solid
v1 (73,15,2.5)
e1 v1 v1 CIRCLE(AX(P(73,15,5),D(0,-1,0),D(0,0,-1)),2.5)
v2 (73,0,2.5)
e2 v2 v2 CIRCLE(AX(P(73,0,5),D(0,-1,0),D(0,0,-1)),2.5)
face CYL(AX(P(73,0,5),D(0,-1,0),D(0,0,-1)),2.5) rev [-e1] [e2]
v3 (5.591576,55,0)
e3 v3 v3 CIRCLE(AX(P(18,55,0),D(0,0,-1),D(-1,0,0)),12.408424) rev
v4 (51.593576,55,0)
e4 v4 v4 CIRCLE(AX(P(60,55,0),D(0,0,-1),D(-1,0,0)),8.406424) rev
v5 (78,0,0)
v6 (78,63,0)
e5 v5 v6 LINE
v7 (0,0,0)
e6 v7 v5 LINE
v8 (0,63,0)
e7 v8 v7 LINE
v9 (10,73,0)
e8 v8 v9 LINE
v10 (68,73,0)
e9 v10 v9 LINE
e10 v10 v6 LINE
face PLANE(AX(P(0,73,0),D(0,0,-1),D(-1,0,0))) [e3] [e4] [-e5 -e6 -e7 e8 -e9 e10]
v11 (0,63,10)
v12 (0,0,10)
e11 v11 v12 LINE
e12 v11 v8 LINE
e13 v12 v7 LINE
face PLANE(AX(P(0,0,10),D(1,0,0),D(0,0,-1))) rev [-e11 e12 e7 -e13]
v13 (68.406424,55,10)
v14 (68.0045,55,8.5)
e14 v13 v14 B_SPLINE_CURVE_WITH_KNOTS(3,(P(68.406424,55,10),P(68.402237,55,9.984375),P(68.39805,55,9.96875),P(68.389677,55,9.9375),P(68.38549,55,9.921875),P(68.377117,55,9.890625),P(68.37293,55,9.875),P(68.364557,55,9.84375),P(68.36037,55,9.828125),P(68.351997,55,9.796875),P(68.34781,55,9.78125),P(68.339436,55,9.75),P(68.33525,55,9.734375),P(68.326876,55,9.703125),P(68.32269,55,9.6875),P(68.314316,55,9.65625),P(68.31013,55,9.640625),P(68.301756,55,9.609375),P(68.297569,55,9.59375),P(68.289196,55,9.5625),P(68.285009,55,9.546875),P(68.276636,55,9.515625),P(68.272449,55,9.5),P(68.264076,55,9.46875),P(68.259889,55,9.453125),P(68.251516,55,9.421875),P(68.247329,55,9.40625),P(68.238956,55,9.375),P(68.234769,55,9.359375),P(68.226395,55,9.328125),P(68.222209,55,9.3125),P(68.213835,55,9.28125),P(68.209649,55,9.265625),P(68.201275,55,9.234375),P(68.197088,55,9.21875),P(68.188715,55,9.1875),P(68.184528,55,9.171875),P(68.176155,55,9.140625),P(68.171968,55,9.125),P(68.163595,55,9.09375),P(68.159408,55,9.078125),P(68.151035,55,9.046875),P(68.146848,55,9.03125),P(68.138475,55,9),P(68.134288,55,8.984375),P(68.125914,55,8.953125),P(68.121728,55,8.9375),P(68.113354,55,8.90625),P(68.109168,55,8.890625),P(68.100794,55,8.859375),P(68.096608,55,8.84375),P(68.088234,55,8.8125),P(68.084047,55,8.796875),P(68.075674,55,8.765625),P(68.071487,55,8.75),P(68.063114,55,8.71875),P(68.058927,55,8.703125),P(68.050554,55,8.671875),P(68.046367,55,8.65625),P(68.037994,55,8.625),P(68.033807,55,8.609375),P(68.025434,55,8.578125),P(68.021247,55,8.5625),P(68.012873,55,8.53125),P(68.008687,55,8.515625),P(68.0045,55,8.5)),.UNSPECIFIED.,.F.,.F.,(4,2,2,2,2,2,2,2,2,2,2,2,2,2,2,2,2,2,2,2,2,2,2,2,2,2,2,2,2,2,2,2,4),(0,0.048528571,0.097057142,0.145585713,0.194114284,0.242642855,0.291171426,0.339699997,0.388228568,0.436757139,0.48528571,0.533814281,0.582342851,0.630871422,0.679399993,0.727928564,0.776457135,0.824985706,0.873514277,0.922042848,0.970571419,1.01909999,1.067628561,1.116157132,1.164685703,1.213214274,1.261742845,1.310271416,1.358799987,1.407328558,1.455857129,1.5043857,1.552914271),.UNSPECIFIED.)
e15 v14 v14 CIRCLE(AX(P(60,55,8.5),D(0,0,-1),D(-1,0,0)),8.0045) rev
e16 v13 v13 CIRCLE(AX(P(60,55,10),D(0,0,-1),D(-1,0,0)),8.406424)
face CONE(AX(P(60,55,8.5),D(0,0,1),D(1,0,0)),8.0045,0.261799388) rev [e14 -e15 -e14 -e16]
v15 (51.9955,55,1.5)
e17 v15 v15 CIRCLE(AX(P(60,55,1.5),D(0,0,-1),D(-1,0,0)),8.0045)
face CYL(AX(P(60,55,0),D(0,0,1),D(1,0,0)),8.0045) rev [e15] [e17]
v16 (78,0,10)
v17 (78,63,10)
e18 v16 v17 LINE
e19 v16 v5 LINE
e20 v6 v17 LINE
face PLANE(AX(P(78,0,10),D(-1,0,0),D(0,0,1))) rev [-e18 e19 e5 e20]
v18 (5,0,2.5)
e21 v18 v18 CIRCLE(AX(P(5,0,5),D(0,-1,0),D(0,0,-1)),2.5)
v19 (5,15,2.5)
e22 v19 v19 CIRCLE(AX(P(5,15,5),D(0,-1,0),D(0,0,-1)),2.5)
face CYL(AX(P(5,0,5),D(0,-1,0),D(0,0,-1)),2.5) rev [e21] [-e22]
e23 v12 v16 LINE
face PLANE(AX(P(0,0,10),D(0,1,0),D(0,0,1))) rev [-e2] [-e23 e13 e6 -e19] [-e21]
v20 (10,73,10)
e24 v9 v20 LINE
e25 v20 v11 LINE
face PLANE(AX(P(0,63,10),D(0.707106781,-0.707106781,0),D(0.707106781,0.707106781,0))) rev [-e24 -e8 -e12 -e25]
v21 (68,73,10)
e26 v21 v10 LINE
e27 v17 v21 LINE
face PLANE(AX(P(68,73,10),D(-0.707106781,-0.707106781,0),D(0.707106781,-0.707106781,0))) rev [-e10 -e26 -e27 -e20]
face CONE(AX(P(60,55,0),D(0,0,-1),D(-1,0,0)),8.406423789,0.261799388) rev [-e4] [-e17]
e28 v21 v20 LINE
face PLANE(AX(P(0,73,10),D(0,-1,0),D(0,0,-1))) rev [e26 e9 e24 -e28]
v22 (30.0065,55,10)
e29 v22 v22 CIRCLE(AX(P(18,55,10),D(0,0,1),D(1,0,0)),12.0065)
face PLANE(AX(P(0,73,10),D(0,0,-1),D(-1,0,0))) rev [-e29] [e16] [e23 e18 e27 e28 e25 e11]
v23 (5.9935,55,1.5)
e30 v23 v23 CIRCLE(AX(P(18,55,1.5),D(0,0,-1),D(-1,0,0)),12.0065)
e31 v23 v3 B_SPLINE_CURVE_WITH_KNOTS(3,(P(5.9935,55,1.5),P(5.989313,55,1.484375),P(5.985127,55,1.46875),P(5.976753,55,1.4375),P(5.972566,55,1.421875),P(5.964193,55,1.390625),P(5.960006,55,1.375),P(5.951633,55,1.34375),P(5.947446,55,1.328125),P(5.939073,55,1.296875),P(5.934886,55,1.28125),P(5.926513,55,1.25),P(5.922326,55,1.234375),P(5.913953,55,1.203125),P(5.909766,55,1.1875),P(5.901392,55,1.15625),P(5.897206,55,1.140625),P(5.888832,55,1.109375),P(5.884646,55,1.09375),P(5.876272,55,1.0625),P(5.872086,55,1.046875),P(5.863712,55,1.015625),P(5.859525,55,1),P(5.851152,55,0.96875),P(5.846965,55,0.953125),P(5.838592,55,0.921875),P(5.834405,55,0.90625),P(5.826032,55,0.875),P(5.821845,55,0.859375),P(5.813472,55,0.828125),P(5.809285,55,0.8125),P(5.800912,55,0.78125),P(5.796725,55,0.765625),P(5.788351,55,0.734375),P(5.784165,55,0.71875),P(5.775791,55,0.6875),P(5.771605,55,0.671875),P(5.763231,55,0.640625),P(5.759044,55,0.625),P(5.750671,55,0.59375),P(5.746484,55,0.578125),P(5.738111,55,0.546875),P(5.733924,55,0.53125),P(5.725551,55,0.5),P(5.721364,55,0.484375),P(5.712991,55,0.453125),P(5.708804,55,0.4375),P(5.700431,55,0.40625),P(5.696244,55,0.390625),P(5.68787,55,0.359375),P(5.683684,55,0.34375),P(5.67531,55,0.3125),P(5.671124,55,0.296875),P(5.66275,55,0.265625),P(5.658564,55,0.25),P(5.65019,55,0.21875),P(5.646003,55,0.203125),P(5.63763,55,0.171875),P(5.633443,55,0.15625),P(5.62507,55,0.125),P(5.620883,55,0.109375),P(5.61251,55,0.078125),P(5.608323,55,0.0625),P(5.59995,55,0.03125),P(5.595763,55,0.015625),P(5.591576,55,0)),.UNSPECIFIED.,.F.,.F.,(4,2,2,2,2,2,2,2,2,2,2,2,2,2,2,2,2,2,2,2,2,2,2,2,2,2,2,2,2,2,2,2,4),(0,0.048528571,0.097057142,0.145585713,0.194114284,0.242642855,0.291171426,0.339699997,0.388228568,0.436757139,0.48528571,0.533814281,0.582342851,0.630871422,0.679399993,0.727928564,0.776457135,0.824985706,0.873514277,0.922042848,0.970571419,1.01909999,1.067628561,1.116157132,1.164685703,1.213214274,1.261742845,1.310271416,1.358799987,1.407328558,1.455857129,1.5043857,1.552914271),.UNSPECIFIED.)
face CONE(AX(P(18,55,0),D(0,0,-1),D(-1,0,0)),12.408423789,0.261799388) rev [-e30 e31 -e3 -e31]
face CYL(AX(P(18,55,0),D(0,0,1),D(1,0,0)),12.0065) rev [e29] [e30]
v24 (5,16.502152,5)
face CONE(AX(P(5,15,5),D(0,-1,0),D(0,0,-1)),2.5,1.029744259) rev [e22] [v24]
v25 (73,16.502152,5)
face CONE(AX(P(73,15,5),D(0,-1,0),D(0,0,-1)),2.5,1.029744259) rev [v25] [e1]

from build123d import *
from OCP.BRepFilletAPI import BRepFilletAPI_MakeChamfer

# Parameters (mm, degrees)
SKETCH1_W             = 78
SKETCH1_H             = 73
EXTRUDE1_DEPTH        = 10
SKETCH3_R             = 12.0065
F_24DIA_HOLE_DEPTH    = 108.29864864
M6_TAPPED_HOLE1_D     = 5
M6_TAPPED_HOLE1_DEPTH = 15
M6_TAPPED_HOLE1_TIP   = 1.502151548
SKETCH7_R             = 8.0045
F_16DIA_HOLE_DEPTH    = 108.29864864
CHAMFER1_SIZE         = 10
CHAMFER2_SIZE         = 1.5
CHAMFER2_SIZE2        = 0.401923789
CHAMFER3_SIZE         = 1.5
CHAMFER3_SIZE2        = 0.401923789


with BuildPart() as part:
    # Sketch1 → Extrude1 (new body)
    with BuildSketch(Plane.XY):
        with Locations((39, 36.5)):
            Rectangle(SKETCH1_W, SKETCH1_H)
    extrude(amount=EXTRUDE1_DEPTH)

    # Sketch3 → 24dia Hole (cut, through all)
    with BuildSketch(Plane.XY.offset(10)):
        with Locations((18, 55)):
            Circle(SKETCH3_R)
    extrude(amount=-F_24DIA_HOLE_DEPTH, mode=Mode.SUBTRACT)

    # M6 Tapped Hole1
    with Locations(Plane(origin=(5, 0, 5), x_dir=(0, 0, -1), z_dir=(0, -1, 0))):
        with Locations((0, 0), (0, 68), (1.921473379, -8.468632325)):
            Hole(M6_TAPPED_HOLE1_D / 2, depth=M6_TAPPED_HOLE1_DEPTH)
            with Locations((0, 0, -(M6_TAPPED_HOLE1_DEPTH + M6_TAPPED_HOLE1_TIP / 2))):  # 118° drill point
                Cone(0, M6_TAPPED_HOLE1_D / 2, M6_TAPPED_HOLE1_TIP, mode=Mode.SUBTRACT)

    # Sketch7 → 16dia hole (cut, through all)
    with BuildSketch(Plane.XY.offset(10)):
        with Locations((60, 55)):
            Circle(SKETCH7_R)
    extrude(amount=-F_16DIA_HOLE_DEPTH, mode=Mode.SUBTRACT)

    # Chamfer1
    chamfer1_edges = [part.edges().sort_by_distance(p)[0] for p in [
        (0, 73, 5),
        (78, 73, 5),
    ]]
    chamfer(chamfer1_edges, length=CHAMFER1_SIZE)

    # Chamfer2: one chamfer whose edges measure the first distance from different faces: ONE call of the kernel's chamfer builder (chamfer() names one face for all edges)
    chamfer2_edges_1 = [part.edges().sort_by_distance(p)[0] for p in [
        (5.9935, 55, 0),
    ]]
    chamfer2_side_1 = [part.faces().sort_by_distance(p)[0] for p in [
        (5.9935, 55, 5),
    ]]
    chamfer2_edges_2 = [part.edges().sort_by_distance(p)[0] for p in [
        (51.9955, 55, 0),
    ]]
    chamfer2_side_2 = [part.faces().sort_by_distance(p)[0] for p in [
        (51.9955, 55, 5),
    ]]
    chamfer2 = BRepFilletAPI_MakeChamfer(part.part.solid().wrapped)
    for e in chamfer2_edges_1:
        chamfer2.Add(CHAMFER2_SIZE, CHAMFER2_SIZE2, e.wrapped, chamfer2_side_1[0].wrapped)  # the first distance lies on this face
    for e in chamfer2_edges_2:
        chamfer2.Add(CHAMFER2_SIZE, CHAMFER2_SIZE2, e.wrapped, chamfer2_side_2[0].wrapped)  # the first distance lies on this face
    add(Compound.cast(chamfer2.Shape()), mode=Mode.REPLACE)

    # Chamfer3
    chamfer3_edges = [part.edges().sort_by_distance(p)[0] for p in [
        (51.9955, 55, 10),
    ]]
    chamfer3_side = [part.faces().sort_by_distance(p)[0] for p in [
        (51.9955, 55, 5.75),
    ]]
    chamfer(chamfer3_edges, length=CHAMFER3_SIZE, length2=CHAMFER3_SIZE2, reference=chamfer3_side[0])


solid = part.part
